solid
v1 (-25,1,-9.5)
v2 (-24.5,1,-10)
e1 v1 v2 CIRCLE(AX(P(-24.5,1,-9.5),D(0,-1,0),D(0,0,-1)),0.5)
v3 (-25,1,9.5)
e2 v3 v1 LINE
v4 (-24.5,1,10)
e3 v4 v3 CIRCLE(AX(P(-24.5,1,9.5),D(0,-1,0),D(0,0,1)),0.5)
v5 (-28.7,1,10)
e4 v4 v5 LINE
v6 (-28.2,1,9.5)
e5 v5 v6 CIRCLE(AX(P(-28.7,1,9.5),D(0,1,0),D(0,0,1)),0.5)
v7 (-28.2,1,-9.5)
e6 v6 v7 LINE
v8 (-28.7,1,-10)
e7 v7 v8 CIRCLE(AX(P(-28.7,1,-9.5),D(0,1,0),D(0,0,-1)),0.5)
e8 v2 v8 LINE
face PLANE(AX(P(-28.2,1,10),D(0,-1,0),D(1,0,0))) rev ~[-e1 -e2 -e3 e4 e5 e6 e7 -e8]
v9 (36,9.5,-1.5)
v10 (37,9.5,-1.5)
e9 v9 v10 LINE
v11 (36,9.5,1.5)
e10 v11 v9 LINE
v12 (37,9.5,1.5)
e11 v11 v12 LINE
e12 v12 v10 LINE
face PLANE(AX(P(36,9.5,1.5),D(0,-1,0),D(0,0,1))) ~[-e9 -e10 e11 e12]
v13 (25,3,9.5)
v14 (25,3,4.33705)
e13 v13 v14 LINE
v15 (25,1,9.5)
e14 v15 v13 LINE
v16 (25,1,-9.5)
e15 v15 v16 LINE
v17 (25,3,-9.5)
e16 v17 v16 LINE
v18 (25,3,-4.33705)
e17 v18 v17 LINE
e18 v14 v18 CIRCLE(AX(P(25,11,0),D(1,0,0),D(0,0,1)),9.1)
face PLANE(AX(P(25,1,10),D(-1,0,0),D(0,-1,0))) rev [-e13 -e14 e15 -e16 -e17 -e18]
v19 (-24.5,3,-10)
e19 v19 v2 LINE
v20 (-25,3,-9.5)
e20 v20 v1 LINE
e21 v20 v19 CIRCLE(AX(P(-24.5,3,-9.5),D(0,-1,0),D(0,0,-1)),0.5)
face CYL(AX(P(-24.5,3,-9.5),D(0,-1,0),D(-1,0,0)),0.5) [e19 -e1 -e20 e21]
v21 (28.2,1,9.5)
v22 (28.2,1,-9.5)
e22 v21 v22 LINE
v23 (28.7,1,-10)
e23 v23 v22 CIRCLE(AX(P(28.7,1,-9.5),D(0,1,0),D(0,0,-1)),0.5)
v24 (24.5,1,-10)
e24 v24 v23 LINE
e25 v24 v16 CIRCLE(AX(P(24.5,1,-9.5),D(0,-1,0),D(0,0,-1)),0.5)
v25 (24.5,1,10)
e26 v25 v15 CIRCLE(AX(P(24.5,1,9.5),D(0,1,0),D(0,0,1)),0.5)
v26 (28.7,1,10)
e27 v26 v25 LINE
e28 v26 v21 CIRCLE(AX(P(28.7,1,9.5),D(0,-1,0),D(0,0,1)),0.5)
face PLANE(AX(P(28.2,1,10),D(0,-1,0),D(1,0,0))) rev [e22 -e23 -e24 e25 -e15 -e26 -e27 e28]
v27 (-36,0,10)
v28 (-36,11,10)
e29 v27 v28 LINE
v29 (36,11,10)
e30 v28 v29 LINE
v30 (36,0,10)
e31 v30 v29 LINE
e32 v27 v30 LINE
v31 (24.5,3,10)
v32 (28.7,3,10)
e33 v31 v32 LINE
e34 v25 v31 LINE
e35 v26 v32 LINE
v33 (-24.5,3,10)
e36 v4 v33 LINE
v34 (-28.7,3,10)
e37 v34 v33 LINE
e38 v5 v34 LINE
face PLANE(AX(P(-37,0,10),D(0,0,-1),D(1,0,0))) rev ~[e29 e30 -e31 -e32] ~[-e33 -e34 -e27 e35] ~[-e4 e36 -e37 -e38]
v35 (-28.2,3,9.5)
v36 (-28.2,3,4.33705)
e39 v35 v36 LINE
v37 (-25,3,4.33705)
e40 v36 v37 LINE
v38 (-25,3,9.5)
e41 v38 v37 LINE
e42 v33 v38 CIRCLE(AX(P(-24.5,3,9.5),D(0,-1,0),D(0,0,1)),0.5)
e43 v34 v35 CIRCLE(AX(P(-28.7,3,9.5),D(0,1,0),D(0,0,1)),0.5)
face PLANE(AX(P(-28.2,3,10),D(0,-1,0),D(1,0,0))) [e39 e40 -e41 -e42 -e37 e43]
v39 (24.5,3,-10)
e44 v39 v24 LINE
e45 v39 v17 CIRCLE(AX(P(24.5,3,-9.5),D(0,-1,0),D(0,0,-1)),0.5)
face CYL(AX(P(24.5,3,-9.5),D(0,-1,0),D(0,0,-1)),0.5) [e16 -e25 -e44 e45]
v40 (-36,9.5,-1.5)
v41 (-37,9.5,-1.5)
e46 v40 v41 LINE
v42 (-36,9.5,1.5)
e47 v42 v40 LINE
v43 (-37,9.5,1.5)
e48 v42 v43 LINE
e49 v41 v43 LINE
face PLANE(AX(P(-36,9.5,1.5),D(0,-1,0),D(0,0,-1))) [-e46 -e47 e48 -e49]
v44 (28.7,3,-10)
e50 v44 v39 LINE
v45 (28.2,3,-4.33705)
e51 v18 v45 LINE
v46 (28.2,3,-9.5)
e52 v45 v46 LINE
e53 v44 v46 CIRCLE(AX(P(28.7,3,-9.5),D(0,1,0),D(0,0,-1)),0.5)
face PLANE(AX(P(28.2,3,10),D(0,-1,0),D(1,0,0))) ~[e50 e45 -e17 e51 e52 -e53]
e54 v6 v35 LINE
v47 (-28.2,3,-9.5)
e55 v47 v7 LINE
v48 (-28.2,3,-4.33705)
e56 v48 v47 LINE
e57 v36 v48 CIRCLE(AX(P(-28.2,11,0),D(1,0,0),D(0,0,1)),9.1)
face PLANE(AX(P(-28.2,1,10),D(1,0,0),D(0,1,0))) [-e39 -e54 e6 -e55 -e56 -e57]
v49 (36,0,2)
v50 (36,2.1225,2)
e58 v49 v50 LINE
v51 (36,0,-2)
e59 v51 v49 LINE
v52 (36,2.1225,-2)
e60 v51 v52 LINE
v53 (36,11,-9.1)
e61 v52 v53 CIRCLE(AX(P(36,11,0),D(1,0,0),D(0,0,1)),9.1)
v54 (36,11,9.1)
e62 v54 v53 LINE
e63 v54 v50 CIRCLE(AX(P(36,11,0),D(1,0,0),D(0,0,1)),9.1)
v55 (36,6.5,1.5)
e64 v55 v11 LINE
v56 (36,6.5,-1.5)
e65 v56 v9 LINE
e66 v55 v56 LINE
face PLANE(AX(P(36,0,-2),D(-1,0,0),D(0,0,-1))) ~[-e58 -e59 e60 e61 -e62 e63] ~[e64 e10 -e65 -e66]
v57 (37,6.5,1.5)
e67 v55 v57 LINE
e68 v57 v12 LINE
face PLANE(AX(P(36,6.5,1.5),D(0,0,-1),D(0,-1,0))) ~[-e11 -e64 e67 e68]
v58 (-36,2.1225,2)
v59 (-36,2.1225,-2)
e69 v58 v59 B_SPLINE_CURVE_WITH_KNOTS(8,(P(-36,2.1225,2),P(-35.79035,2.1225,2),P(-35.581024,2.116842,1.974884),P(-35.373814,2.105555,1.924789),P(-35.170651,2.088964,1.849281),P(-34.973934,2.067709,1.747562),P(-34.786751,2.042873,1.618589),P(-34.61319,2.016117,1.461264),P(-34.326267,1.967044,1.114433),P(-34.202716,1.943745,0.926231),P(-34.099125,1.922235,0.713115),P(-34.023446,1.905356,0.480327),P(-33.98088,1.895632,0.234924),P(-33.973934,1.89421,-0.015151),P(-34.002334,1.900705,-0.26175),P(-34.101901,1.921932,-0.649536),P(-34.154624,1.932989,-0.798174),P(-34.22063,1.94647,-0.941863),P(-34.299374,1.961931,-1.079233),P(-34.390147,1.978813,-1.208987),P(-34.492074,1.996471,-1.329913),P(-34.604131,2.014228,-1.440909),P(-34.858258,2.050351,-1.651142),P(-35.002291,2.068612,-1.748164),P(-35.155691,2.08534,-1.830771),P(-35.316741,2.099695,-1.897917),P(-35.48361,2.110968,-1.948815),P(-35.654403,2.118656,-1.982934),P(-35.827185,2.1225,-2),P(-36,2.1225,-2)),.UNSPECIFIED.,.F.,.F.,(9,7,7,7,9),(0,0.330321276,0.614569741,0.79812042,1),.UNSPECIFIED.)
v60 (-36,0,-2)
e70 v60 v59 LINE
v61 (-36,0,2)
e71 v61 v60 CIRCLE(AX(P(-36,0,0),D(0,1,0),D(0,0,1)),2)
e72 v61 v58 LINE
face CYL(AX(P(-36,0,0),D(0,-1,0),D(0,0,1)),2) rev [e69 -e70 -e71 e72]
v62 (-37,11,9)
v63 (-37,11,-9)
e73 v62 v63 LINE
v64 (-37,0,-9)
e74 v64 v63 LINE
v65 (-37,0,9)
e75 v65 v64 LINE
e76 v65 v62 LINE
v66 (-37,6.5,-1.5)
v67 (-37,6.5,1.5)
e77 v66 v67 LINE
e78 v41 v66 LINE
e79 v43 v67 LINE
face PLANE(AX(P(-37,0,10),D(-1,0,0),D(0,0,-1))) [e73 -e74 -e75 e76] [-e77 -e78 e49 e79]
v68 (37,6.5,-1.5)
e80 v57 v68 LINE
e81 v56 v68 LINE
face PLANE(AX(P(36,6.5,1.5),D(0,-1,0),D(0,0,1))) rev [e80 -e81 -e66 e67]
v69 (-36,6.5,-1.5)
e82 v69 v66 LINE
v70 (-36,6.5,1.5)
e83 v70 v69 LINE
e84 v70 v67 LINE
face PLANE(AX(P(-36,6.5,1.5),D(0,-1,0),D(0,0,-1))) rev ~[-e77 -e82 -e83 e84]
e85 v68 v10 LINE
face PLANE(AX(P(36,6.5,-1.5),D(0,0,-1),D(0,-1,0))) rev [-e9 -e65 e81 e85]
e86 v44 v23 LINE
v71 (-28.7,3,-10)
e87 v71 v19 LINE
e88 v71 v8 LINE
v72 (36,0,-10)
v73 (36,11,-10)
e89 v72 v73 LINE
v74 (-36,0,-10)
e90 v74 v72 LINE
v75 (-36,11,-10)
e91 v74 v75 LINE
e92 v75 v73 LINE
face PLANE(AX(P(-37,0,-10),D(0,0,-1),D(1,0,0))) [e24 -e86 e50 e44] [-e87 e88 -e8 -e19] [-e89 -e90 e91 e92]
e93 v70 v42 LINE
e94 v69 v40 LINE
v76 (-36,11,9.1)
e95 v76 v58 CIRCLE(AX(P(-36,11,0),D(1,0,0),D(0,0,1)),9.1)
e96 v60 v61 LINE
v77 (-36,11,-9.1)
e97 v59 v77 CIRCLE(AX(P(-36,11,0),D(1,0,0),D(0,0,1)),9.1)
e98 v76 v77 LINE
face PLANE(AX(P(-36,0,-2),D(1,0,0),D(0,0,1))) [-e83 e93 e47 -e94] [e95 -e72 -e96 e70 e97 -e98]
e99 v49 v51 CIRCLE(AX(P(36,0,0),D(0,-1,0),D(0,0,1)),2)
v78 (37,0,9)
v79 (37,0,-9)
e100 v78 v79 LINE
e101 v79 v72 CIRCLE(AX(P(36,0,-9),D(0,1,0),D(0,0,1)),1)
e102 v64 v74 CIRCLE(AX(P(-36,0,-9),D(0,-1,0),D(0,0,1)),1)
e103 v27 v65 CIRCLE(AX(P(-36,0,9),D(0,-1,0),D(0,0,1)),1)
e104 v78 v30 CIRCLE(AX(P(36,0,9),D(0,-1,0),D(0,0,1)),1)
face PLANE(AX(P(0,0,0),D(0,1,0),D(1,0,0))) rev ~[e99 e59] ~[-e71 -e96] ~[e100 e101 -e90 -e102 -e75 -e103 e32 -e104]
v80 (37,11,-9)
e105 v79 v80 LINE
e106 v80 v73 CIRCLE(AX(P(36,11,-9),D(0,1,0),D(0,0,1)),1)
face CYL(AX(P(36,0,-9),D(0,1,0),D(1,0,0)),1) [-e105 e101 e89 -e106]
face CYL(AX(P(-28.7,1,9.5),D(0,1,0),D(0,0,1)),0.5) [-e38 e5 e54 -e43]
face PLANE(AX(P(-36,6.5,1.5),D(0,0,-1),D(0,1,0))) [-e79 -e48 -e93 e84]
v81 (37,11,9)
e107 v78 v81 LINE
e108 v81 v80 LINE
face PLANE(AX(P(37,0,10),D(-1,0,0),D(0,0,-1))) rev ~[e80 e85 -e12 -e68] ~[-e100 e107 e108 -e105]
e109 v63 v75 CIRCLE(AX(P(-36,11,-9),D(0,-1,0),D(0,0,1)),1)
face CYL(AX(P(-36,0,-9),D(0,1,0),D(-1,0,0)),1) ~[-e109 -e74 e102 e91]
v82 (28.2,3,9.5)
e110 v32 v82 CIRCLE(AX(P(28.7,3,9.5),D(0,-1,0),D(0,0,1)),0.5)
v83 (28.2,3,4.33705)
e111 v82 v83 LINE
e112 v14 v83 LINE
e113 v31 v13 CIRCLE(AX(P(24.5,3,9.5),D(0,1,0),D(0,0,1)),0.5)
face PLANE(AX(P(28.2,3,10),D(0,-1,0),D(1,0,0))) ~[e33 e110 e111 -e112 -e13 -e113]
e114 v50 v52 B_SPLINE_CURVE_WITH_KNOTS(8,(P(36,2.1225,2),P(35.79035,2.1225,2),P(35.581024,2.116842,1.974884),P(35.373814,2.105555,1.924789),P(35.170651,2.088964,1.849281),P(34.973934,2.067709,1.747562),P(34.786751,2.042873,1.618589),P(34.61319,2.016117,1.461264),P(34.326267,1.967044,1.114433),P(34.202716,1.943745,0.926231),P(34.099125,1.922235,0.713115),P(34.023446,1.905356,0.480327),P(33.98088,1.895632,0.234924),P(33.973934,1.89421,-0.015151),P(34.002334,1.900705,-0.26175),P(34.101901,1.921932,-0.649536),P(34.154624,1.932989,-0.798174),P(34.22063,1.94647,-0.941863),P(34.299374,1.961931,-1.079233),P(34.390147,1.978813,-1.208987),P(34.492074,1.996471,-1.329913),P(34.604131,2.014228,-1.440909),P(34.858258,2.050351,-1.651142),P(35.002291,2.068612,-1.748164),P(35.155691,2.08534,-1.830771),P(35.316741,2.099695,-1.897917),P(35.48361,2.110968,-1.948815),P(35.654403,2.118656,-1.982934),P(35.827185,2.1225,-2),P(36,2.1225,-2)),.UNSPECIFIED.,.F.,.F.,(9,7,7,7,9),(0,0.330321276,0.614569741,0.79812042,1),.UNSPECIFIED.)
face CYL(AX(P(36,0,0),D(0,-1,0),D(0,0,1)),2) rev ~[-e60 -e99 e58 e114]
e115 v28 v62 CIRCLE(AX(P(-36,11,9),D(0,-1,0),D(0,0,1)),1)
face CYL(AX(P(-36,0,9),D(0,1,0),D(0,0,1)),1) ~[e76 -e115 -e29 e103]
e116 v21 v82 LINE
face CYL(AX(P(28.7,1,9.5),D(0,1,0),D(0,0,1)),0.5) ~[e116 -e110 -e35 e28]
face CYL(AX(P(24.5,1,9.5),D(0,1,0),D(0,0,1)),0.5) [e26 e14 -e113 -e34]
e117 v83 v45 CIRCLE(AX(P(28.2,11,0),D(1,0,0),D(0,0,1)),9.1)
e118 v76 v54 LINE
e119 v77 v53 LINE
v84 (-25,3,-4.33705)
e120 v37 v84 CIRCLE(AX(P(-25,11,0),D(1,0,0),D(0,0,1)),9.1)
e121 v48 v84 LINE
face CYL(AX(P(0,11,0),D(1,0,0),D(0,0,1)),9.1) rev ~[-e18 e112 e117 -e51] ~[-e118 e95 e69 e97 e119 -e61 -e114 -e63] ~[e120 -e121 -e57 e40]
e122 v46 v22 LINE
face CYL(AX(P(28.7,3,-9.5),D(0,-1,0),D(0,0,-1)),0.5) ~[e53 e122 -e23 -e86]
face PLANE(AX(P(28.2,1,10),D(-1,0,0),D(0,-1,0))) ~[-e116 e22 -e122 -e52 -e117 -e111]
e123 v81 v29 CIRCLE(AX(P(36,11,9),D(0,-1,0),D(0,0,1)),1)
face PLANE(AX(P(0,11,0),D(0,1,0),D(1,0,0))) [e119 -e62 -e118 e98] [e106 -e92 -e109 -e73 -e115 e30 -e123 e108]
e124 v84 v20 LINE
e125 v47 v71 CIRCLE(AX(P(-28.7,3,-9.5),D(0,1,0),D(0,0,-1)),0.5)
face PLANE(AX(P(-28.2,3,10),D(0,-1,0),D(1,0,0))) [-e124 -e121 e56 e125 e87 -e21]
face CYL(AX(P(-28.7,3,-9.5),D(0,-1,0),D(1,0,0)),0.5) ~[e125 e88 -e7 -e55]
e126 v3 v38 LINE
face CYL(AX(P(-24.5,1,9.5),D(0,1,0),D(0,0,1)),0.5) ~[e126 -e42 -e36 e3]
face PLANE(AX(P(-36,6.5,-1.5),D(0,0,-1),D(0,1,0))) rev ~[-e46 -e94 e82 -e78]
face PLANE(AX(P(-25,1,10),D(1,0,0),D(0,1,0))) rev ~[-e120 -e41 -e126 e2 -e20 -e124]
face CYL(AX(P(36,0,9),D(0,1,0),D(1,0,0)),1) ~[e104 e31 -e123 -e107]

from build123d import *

# Parameters (mm, degrees)
ESBO_O1_W                = 74
ESBO_O1_H                = 20
RESSALTO_EXTRUS_O1_DEPTH = 11
ESBO_O4_W                = 72
ESBO_O4_H                = 9.1
ESBO_O5_W                = 3
ESBO_O5_H                = 3
CORTE_EXTRUS_O2_DEPTH    = 2.5
CORTE_EXTRUS_O3_DEPTH    = 40.874804075
FILETE1_R                = 1
FILETE2_R                = 1
FILETE3_R                = 1
FILETE4_R                = 1
ESBO_O8_W                = 3.2
ESBO_O8_H                = 2
CORTE_EXTRUS_O5_DEPTH    = 44.474130264
FILETE5_R                = 0.5
FILETE6_R                = 0.5
FILETE7_R                = 0.5
FILETE8_R                = 0.5
FILETE5_OF_ESPELHAR3_R   = 0.5
FILETE6_OF_ESPELHAR3_R   = 0.5
FILETE7_OF_ESPELHAR3_R   = 0.5
FILETE8_OF_ESPELHAR3_R   = 0.5


with BuildPart() as part:
    # Esboço1 → Ressalto-extrusão1 (new body)
    with BuildSketch(Plane(origin=(0, 0, 0), x_dir=(1, 0, 0), z_dir=(0, 1, 0))):
        Rectangle(ESBO_O1_W, ESBO_O1_H)
    extrude(amount=RESSALTO_EXTRUS_O1_DEPTH)

    # Esboço4 → Corte-Revolução2 (revolve, cut)
    with BuildSketch(Plane(origin=(0, 11, 0), x_dir=(1, 0, 0), z_dir=(0, 1, 0))):
        with Locations((0, -4.55)):
            Rectangle(ESBO_O4_W, ESBO_O4_H)
    revolve(axis=Axis((-38.336087416, 11, 0), (1, 0, 0)), mode=Mode.SUBTRACT)

    # Esboço5 → Corte-extrusão2 (cut)
    with BuildSketch(Plane(origin=(-36, 0, 0), x_dir=(0, 0, -1), z_dir=(1, 0, 0))):
        with Locations((0, 8)):
            Rectangle(ESBO_O5_W, ESBO_O5_H)
    corte_extrus_o2 = extrude(amount=-CORTE_EXTRUS_O2_DEPTH, mode=Mode.SUBTRACT)

    # Espelhar1: Corte-extrusão2 across plane
    add(corte_extrus_o2.mirror(Plane(origin=(0, 0, 0), x_dir=(0, 0, 1), z_dir=(1, 0, 0))), mode=Mode.SUBTRACT)

    # Esboço6 → Corte-extrusão3 (cut, through all)
    with BuildSketch(Plane(origin=(0, 0, 0), x_dir=(1, 0, 0), z_dir=(0, 1, 0))):
        with BuildLine():
            Line((-36, 2), (-36, -2))
            ThreePointArc((-36, -2), (-34, 0), (-36, 2))
        make_face()
    corte_extrus_o3 = extrude(amount=CORTE_EXTRUS_O3_DEPTH, mode=Mode.SUBTRACT)

    # Filete1
    filete1_edges = [part.edges().sort_by_distance(p)[0] for p in [
        (37, 5.5, 10),
    ]]
    fillet(filete1_edges, radius=FILETE1_R)

    # Filete2
    filete2_edges = [part.edges().sort_by_distance(p)[0] for p in [
        (37, 5.5, -10),
    ]]
    fillet(filete2_edges, radius=FILETE2_R)

    # Filete3
    filete3_edges = [part.edges().sort_by_distance(p)[0] for p in [
        (-37, 5.5, 10),
    ]]
    fillet(filete3_edges, radius=FILETE3_R)

    # Filete4
    filete4_edges = [part.edges().sort_by_distance(p)[0] for p in [
        (-37, 5.5, -10),
    ]]
    fillet(filete4_edges, radius=FILETE4_R)

    # Espelhar2: Corte-extrusão3 across plane
    add(corte_extrus_o3.mirror(Plane(origin=(0, 0, 0), x_dir=(0, 0, 1), z_dir=(1, 0, 0))), mode=Mode.SUBTRACT)

    # Esboço8 → Corte-extrusão5 (cut, through all)
    with BuildSketch(Plane.XY.offset(10)):
        with Locations((-26.6, 2)):
            Rectangle(ESBO_O8_W, ESBO_O8_H)
    corte_extrus_o5 = extrude(amount=-CORTE_EXTRUS_O5_DEPTH, mode=Mode.SUBTRACT)

    # Filete5
    filete5_edges = [part.edges().sort_by_distance(p)[0] for p in [
        (-28.2, 2, 10),
    ]]
    fillet(filete5_edges, radius=FILETE5_R)

    # Filete6
    filete6_edges = [part.edges().sort_by_distance(p)[0] for p in [
        (-25, 2, 10),
    ]]
    fillet(filete6_edges, radius=FILETE6_R)

    # Filete7
    filete7_edges = [part.edges().sort_by_distance(p)[0] for p in [
        (-25, 2, -10),
    ]]
    fillet(filete7_edges, radius=FILETE7_R)

    # Filete8
    filete8_edges = [part.edges().sort_by_distance(p)[0] for p in [
        (-28.2, 2, -10),
    ]]
    fillet(filete8_edges, radius=FILETE8_R)

    # Espelhar3: Corte-extrusão5 across plane
    add(corte_extrus_o5.mirror(Plane(origin=(0, 0, 0), x_dir=(0, 0, 1), z_dir=(1, 0, 0))), mode=Mode.SUBTRACT)

    # Filete5 of Espelhar3
    filete5_of_espelhar3_edges = [part.edges().sort_by_distance(p)[0] for p in [
        (28.2, 2, 10),
    ]]
    fillet(filete5_of_espelhar3_edges, radius=FILETE5_OF_ESPELHAR3_R)

    # Filete6 of Espelhar3
    filete6_of_espelhar3_edges = [part.edges().sort_by_distance(p)[0] for p in [
        (25, 2, 10),
    ]]
    fillet(filete6_of_espelhar3_edges, radius=FILETE6_OF_ESPELHAR3_R)

    # Filete7 of Espelhar3
    filete7_of_espelhar3_edges = [part.edges().sort_by_distance(p)[0] for p in [
        (25, 2, -10),
    ]]
    fillet(filete7_of_espelhar3_edges, radius=FILETE7_OF_ESPELHAR3_R)

    # Filete8 of Espelhar3
    filete8_of_espelhar3_edges = [part.edges().sort_by_distance(p)[0] for p in [
        (28.2, 2, -10),
    ]]
    fillet(filete8_of_espelhar3_edges, radius=FILETE8_OF_ESPELHAR3_R)


solid = part.part
